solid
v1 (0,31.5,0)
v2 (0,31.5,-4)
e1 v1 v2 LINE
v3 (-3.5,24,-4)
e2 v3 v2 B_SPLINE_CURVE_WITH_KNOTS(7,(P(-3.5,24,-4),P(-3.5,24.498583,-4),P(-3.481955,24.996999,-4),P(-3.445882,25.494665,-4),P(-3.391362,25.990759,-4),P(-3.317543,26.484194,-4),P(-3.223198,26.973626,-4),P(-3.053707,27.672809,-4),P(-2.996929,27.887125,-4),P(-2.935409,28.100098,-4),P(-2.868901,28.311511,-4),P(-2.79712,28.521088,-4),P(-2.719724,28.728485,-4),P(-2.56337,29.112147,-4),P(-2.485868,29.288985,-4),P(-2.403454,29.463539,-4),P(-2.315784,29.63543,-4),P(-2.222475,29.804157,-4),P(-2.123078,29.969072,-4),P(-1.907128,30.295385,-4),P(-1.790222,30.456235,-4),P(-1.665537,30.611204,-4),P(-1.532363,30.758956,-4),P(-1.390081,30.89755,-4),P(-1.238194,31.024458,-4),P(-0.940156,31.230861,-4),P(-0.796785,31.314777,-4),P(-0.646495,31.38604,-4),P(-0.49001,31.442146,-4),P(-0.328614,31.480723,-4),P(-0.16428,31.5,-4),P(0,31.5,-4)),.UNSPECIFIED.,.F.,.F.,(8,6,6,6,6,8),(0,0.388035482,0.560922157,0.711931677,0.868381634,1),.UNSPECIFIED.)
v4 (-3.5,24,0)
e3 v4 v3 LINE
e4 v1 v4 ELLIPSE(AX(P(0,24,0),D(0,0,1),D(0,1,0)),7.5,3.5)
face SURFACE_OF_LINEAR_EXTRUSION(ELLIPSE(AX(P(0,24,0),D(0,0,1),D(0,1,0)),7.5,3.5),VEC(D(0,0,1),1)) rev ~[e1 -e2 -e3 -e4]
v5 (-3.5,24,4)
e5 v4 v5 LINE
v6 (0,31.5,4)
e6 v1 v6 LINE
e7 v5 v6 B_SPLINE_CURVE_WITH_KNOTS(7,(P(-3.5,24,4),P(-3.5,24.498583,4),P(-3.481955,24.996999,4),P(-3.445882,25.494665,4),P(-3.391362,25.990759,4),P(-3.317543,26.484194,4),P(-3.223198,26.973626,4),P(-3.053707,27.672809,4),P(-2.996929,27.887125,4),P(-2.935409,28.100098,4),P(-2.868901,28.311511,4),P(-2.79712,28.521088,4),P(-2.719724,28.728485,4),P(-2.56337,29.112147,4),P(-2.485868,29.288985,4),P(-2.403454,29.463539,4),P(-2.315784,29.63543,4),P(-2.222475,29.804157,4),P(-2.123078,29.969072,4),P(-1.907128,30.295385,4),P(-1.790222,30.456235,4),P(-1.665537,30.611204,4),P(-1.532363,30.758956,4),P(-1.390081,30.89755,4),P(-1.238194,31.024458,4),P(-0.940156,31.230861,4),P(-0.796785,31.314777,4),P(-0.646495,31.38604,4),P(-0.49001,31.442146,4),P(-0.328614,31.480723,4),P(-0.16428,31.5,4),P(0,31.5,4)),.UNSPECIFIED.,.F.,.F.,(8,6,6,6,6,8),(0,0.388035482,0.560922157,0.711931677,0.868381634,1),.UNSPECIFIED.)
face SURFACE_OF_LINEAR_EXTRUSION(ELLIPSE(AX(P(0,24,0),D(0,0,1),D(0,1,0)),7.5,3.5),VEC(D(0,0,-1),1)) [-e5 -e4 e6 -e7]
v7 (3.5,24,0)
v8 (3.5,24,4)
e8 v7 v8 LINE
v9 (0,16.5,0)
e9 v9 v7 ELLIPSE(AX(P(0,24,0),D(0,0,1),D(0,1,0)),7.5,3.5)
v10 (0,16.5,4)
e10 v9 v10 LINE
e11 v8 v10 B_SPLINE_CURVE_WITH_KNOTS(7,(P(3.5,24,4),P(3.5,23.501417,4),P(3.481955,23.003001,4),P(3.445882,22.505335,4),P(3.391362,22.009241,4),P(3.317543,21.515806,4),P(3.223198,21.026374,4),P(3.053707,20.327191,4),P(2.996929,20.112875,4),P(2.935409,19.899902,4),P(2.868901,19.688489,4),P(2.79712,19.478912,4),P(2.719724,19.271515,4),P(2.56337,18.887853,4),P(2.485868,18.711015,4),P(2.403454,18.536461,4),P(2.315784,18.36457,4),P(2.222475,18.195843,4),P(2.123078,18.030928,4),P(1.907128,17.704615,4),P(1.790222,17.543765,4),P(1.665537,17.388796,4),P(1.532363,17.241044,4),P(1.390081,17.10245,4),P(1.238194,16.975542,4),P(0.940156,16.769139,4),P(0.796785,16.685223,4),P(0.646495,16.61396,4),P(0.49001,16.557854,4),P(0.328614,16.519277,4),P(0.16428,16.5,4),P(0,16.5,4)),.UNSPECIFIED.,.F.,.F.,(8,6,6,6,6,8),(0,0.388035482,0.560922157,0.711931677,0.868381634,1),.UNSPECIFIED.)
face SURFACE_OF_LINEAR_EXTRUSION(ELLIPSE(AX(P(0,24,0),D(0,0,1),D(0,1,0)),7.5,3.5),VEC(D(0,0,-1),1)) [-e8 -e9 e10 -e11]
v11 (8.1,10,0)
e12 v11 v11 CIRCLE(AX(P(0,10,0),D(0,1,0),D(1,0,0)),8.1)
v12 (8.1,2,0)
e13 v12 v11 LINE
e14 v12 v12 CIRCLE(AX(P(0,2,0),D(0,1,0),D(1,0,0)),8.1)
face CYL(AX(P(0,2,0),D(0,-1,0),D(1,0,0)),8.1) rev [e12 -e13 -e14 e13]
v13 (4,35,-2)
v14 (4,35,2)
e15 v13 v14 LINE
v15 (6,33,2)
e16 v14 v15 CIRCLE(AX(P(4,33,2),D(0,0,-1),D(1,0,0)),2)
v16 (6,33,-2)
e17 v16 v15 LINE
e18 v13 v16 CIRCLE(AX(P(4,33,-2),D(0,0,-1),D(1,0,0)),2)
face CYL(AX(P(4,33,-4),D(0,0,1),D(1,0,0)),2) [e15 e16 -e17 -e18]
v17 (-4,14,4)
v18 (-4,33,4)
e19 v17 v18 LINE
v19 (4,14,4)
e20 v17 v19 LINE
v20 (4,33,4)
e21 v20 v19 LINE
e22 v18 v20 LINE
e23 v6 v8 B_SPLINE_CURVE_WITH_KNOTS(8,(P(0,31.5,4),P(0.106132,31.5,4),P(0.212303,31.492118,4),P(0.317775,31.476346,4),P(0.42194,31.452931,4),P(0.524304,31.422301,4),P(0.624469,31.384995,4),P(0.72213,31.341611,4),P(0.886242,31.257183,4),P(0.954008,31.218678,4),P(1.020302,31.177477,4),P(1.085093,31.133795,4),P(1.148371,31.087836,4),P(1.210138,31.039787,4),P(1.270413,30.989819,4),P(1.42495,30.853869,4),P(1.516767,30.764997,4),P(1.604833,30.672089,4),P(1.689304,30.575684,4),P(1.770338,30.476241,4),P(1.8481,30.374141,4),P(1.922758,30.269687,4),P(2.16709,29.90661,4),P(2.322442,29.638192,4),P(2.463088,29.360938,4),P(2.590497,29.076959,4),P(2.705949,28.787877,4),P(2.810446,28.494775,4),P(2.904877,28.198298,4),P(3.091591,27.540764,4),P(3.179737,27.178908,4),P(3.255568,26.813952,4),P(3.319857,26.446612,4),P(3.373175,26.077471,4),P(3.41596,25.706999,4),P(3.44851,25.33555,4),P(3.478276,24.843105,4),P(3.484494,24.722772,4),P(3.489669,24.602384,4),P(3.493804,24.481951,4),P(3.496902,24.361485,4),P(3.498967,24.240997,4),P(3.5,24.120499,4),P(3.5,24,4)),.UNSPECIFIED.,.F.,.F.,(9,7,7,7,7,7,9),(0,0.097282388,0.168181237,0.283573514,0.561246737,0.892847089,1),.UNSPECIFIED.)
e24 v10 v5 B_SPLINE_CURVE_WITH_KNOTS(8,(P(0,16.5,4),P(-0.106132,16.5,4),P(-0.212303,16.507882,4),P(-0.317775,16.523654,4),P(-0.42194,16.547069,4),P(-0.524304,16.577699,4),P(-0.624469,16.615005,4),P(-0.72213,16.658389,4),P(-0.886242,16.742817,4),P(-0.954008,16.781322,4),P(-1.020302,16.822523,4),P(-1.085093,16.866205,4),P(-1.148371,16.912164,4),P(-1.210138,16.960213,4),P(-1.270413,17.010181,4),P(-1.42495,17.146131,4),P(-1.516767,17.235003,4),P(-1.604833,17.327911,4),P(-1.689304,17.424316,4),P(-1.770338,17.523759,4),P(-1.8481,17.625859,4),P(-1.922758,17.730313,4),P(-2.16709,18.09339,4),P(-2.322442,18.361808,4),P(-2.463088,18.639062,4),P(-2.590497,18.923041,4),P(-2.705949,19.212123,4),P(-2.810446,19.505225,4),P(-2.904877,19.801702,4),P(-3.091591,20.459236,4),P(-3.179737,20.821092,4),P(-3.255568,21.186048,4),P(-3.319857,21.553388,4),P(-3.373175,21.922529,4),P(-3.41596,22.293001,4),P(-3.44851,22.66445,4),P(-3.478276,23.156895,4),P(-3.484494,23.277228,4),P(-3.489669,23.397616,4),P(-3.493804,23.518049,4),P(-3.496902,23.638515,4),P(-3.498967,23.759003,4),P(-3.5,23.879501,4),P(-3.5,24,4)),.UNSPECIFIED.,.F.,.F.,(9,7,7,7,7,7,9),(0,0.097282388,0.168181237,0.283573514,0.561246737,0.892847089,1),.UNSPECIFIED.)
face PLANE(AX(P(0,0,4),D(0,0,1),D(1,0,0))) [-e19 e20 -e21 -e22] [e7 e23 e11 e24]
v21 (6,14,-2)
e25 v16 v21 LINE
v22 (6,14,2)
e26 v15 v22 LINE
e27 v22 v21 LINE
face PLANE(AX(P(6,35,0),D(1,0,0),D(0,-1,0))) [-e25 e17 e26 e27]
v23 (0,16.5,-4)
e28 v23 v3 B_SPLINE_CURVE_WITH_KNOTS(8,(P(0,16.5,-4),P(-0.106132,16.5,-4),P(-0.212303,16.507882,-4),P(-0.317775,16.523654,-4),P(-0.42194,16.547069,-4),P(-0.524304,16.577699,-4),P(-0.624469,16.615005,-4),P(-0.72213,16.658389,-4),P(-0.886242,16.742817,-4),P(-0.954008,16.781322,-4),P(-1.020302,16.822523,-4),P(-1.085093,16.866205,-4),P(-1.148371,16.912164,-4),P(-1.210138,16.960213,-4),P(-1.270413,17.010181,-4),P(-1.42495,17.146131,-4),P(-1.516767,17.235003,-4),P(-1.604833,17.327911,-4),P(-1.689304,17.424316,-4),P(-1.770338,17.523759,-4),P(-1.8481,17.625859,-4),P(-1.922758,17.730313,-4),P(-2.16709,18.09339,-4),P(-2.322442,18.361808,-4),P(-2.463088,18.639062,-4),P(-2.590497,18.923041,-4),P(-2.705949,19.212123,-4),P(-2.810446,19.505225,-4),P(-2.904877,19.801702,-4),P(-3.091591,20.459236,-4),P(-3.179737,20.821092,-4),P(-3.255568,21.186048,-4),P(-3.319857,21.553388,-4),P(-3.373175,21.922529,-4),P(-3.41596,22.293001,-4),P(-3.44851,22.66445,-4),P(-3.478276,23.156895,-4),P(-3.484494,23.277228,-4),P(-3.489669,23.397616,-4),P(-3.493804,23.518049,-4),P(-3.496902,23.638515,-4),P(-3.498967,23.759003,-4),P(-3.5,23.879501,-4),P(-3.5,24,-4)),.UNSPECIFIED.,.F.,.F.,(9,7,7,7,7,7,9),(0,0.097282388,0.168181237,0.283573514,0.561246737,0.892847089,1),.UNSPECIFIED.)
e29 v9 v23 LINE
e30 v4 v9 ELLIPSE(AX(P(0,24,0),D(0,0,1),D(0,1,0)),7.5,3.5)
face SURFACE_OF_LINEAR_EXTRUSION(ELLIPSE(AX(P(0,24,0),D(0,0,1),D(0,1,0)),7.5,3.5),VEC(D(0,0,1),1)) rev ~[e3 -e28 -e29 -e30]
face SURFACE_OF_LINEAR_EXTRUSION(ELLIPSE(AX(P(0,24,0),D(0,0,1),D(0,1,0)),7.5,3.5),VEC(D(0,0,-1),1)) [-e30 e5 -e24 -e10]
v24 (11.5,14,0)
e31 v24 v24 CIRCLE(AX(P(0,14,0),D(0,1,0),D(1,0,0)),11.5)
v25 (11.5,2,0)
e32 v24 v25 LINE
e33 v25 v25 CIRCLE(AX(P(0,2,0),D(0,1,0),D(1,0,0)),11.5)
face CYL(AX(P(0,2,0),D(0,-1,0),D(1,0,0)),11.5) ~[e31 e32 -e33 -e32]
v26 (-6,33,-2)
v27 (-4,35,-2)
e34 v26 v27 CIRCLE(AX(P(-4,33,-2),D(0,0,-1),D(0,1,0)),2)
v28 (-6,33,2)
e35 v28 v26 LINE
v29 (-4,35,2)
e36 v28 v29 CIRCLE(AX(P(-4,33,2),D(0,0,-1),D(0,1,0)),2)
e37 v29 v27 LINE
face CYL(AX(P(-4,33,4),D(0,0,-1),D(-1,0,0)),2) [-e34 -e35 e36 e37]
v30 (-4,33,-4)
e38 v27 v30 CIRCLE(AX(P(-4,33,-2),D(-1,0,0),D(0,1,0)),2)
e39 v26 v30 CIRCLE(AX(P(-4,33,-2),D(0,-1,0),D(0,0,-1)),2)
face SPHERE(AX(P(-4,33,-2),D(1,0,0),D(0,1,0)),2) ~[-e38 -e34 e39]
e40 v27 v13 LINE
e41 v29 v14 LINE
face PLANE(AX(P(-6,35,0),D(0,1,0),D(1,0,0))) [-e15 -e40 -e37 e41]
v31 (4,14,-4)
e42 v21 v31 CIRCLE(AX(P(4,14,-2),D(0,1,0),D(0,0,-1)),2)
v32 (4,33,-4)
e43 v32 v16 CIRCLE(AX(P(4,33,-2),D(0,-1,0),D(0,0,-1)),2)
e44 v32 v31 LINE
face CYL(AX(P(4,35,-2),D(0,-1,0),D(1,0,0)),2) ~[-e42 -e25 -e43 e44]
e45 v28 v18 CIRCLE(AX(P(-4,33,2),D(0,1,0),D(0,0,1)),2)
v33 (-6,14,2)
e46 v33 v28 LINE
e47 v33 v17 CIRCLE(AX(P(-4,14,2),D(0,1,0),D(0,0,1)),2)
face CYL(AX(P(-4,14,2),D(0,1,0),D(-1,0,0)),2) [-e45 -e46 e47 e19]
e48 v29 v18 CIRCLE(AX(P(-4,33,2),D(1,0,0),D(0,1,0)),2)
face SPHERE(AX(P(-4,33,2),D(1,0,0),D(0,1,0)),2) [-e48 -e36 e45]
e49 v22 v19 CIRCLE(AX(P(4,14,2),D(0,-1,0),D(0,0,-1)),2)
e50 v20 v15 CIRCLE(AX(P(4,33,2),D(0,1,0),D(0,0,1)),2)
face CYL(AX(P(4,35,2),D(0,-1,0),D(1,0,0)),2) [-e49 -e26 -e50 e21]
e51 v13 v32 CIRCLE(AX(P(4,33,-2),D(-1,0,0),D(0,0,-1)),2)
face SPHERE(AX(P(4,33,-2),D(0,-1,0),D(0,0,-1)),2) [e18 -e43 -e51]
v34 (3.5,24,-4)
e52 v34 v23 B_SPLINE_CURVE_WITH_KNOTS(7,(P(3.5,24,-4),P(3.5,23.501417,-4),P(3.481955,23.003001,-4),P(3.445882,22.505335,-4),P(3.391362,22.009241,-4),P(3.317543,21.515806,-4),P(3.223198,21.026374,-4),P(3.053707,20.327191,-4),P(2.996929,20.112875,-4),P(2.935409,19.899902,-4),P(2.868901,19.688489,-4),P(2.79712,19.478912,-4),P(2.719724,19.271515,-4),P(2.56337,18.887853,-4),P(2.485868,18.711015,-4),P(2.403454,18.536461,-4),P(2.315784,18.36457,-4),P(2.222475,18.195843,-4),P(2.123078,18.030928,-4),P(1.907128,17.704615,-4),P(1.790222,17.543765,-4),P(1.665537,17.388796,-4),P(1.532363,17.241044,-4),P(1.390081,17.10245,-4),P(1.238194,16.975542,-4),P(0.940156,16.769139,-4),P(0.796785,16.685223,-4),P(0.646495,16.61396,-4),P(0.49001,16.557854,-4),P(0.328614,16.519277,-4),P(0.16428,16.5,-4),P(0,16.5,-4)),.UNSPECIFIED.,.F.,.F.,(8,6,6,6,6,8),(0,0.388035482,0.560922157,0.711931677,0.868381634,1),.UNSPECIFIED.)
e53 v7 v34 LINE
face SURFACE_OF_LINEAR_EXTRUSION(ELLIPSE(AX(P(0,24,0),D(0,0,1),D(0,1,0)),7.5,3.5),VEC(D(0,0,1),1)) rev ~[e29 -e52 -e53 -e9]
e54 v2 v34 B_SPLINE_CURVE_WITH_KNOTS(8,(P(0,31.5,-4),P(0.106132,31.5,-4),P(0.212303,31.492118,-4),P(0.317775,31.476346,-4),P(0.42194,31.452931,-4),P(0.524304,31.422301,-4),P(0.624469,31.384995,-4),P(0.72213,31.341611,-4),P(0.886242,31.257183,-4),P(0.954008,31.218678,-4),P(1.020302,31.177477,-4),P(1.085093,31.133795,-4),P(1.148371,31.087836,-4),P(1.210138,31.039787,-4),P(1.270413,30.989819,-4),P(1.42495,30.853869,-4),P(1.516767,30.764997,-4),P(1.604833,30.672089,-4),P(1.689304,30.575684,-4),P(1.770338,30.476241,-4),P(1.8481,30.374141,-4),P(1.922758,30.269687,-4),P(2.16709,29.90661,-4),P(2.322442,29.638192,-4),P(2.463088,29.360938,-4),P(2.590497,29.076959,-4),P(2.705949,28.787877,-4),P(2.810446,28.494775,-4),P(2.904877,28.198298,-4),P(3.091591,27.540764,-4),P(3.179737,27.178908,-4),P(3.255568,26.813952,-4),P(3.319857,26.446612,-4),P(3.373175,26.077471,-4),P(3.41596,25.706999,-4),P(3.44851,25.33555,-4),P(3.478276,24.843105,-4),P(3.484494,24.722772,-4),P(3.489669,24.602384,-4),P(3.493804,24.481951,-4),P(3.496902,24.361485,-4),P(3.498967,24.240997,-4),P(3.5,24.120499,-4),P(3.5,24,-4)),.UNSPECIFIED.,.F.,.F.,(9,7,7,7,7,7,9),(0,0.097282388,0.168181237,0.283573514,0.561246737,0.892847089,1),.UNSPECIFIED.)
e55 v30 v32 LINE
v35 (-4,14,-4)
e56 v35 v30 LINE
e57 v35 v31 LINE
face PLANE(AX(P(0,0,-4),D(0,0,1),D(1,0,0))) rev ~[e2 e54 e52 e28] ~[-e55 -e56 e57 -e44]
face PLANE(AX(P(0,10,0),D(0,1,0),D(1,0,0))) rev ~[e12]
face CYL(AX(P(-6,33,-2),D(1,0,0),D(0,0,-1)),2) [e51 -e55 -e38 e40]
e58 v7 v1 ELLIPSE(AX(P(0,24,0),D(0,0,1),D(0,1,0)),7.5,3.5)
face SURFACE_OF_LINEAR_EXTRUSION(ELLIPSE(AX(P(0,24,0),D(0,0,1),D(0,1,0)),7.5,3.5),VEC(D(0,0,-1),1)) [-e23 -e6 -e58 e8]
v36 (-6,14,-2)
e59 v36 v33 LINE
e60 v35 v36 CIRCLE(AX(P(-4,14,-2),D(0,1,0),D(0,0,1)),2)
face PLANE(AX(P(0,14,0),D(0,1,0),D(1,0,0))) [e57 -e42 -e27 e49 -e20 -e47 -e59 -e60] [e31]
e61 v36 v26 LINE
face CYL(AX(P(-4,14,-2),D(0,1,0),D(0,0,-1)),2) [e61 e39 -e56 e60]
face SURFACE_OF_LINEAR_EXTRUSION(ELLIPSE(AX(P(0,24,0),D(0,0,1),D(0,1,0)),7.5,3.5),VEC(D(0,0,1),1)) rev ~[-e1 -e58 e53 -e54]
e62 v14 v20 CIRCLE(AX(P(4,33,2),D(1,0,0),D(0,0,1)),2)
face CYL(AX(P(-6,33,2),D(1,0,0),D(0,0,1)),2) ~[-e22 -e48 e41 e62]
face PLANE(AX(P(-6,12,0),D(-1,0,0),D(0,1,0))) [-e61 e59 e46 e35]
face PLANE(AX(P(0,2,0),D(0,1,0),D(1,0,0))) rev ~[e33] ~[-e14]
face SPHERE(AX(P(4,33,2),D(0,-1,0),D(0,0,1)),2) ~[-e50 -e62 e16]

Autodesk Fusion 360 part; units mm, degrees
sketch "Sketch1" plane through (0, 0, 0) normal (0, 1, 0) x (1, 0, 0)
  circle A0 centre (0, 0) radius 8.1
  circle A1 centre (0, 0) radius 11.5
  dimension "d1" = 16.2
  dimension "d2" = 23
extrude "Extrude1" add sketch "Sketch1" along normal blind 8 from surface at 2
extrude "Extrude2" add sketch "Sketch1" along normal blind 4 from surface at 10 contours A0 | A1
sketch "Sketch2" plane through (0, 0, 0) normal (0, 0, 1) x (1, 0, 0)
  ellipse E0 centre (0, 24) end of major axis (0, 31.5) minor radius 3.5
  line L0 (0, 16.5) -> (0, 31.5)
  line L1 (3.5, 24) -> (-3.5, 24)
  dimension "d8" = 15
  dimension "d9" = 7
  dimension "d10" = 24
sketch "Sketch3" plane through (0, 0, 0) normal (0, 0, 1) x (1, 0, 0)
  line L0 (6, 12) -> (-6, 12)
  line L1 (-6, 12) -> (-6, 35)
  line L2 (-6, 35) -> (6, 35)
  line L3 (6, 35) -> (6, 12)
  line L4 (6, 12) -> (-6, 35) construction
  line L5 (-6, 12) -> (6, 35) construction
  point P0 (0, 23.5)
  dimension "d11" = 12
  dimension "d12" = 23
  dimension "d13" = 12
extrude "Extrude3" add sketch "Sketch3" along normal mid plane 8
extrude "Extrude4" cut sketch "Sketch2" along normal mid plane 20
fillet "Fillet1" radius 2 8 edges at (6, 24.5, 4) (6, 24.5, -4) (0, 35, 4) (0, 35, -4) (6, 35, 0) (-6, 35, 0) (-6, 24.5, 4) (-6, 24.5, -4)
ref_plane "WorkPlane1" through (0, 10, 0) normal (0, -1, 0) x (-1, 0, 0)
